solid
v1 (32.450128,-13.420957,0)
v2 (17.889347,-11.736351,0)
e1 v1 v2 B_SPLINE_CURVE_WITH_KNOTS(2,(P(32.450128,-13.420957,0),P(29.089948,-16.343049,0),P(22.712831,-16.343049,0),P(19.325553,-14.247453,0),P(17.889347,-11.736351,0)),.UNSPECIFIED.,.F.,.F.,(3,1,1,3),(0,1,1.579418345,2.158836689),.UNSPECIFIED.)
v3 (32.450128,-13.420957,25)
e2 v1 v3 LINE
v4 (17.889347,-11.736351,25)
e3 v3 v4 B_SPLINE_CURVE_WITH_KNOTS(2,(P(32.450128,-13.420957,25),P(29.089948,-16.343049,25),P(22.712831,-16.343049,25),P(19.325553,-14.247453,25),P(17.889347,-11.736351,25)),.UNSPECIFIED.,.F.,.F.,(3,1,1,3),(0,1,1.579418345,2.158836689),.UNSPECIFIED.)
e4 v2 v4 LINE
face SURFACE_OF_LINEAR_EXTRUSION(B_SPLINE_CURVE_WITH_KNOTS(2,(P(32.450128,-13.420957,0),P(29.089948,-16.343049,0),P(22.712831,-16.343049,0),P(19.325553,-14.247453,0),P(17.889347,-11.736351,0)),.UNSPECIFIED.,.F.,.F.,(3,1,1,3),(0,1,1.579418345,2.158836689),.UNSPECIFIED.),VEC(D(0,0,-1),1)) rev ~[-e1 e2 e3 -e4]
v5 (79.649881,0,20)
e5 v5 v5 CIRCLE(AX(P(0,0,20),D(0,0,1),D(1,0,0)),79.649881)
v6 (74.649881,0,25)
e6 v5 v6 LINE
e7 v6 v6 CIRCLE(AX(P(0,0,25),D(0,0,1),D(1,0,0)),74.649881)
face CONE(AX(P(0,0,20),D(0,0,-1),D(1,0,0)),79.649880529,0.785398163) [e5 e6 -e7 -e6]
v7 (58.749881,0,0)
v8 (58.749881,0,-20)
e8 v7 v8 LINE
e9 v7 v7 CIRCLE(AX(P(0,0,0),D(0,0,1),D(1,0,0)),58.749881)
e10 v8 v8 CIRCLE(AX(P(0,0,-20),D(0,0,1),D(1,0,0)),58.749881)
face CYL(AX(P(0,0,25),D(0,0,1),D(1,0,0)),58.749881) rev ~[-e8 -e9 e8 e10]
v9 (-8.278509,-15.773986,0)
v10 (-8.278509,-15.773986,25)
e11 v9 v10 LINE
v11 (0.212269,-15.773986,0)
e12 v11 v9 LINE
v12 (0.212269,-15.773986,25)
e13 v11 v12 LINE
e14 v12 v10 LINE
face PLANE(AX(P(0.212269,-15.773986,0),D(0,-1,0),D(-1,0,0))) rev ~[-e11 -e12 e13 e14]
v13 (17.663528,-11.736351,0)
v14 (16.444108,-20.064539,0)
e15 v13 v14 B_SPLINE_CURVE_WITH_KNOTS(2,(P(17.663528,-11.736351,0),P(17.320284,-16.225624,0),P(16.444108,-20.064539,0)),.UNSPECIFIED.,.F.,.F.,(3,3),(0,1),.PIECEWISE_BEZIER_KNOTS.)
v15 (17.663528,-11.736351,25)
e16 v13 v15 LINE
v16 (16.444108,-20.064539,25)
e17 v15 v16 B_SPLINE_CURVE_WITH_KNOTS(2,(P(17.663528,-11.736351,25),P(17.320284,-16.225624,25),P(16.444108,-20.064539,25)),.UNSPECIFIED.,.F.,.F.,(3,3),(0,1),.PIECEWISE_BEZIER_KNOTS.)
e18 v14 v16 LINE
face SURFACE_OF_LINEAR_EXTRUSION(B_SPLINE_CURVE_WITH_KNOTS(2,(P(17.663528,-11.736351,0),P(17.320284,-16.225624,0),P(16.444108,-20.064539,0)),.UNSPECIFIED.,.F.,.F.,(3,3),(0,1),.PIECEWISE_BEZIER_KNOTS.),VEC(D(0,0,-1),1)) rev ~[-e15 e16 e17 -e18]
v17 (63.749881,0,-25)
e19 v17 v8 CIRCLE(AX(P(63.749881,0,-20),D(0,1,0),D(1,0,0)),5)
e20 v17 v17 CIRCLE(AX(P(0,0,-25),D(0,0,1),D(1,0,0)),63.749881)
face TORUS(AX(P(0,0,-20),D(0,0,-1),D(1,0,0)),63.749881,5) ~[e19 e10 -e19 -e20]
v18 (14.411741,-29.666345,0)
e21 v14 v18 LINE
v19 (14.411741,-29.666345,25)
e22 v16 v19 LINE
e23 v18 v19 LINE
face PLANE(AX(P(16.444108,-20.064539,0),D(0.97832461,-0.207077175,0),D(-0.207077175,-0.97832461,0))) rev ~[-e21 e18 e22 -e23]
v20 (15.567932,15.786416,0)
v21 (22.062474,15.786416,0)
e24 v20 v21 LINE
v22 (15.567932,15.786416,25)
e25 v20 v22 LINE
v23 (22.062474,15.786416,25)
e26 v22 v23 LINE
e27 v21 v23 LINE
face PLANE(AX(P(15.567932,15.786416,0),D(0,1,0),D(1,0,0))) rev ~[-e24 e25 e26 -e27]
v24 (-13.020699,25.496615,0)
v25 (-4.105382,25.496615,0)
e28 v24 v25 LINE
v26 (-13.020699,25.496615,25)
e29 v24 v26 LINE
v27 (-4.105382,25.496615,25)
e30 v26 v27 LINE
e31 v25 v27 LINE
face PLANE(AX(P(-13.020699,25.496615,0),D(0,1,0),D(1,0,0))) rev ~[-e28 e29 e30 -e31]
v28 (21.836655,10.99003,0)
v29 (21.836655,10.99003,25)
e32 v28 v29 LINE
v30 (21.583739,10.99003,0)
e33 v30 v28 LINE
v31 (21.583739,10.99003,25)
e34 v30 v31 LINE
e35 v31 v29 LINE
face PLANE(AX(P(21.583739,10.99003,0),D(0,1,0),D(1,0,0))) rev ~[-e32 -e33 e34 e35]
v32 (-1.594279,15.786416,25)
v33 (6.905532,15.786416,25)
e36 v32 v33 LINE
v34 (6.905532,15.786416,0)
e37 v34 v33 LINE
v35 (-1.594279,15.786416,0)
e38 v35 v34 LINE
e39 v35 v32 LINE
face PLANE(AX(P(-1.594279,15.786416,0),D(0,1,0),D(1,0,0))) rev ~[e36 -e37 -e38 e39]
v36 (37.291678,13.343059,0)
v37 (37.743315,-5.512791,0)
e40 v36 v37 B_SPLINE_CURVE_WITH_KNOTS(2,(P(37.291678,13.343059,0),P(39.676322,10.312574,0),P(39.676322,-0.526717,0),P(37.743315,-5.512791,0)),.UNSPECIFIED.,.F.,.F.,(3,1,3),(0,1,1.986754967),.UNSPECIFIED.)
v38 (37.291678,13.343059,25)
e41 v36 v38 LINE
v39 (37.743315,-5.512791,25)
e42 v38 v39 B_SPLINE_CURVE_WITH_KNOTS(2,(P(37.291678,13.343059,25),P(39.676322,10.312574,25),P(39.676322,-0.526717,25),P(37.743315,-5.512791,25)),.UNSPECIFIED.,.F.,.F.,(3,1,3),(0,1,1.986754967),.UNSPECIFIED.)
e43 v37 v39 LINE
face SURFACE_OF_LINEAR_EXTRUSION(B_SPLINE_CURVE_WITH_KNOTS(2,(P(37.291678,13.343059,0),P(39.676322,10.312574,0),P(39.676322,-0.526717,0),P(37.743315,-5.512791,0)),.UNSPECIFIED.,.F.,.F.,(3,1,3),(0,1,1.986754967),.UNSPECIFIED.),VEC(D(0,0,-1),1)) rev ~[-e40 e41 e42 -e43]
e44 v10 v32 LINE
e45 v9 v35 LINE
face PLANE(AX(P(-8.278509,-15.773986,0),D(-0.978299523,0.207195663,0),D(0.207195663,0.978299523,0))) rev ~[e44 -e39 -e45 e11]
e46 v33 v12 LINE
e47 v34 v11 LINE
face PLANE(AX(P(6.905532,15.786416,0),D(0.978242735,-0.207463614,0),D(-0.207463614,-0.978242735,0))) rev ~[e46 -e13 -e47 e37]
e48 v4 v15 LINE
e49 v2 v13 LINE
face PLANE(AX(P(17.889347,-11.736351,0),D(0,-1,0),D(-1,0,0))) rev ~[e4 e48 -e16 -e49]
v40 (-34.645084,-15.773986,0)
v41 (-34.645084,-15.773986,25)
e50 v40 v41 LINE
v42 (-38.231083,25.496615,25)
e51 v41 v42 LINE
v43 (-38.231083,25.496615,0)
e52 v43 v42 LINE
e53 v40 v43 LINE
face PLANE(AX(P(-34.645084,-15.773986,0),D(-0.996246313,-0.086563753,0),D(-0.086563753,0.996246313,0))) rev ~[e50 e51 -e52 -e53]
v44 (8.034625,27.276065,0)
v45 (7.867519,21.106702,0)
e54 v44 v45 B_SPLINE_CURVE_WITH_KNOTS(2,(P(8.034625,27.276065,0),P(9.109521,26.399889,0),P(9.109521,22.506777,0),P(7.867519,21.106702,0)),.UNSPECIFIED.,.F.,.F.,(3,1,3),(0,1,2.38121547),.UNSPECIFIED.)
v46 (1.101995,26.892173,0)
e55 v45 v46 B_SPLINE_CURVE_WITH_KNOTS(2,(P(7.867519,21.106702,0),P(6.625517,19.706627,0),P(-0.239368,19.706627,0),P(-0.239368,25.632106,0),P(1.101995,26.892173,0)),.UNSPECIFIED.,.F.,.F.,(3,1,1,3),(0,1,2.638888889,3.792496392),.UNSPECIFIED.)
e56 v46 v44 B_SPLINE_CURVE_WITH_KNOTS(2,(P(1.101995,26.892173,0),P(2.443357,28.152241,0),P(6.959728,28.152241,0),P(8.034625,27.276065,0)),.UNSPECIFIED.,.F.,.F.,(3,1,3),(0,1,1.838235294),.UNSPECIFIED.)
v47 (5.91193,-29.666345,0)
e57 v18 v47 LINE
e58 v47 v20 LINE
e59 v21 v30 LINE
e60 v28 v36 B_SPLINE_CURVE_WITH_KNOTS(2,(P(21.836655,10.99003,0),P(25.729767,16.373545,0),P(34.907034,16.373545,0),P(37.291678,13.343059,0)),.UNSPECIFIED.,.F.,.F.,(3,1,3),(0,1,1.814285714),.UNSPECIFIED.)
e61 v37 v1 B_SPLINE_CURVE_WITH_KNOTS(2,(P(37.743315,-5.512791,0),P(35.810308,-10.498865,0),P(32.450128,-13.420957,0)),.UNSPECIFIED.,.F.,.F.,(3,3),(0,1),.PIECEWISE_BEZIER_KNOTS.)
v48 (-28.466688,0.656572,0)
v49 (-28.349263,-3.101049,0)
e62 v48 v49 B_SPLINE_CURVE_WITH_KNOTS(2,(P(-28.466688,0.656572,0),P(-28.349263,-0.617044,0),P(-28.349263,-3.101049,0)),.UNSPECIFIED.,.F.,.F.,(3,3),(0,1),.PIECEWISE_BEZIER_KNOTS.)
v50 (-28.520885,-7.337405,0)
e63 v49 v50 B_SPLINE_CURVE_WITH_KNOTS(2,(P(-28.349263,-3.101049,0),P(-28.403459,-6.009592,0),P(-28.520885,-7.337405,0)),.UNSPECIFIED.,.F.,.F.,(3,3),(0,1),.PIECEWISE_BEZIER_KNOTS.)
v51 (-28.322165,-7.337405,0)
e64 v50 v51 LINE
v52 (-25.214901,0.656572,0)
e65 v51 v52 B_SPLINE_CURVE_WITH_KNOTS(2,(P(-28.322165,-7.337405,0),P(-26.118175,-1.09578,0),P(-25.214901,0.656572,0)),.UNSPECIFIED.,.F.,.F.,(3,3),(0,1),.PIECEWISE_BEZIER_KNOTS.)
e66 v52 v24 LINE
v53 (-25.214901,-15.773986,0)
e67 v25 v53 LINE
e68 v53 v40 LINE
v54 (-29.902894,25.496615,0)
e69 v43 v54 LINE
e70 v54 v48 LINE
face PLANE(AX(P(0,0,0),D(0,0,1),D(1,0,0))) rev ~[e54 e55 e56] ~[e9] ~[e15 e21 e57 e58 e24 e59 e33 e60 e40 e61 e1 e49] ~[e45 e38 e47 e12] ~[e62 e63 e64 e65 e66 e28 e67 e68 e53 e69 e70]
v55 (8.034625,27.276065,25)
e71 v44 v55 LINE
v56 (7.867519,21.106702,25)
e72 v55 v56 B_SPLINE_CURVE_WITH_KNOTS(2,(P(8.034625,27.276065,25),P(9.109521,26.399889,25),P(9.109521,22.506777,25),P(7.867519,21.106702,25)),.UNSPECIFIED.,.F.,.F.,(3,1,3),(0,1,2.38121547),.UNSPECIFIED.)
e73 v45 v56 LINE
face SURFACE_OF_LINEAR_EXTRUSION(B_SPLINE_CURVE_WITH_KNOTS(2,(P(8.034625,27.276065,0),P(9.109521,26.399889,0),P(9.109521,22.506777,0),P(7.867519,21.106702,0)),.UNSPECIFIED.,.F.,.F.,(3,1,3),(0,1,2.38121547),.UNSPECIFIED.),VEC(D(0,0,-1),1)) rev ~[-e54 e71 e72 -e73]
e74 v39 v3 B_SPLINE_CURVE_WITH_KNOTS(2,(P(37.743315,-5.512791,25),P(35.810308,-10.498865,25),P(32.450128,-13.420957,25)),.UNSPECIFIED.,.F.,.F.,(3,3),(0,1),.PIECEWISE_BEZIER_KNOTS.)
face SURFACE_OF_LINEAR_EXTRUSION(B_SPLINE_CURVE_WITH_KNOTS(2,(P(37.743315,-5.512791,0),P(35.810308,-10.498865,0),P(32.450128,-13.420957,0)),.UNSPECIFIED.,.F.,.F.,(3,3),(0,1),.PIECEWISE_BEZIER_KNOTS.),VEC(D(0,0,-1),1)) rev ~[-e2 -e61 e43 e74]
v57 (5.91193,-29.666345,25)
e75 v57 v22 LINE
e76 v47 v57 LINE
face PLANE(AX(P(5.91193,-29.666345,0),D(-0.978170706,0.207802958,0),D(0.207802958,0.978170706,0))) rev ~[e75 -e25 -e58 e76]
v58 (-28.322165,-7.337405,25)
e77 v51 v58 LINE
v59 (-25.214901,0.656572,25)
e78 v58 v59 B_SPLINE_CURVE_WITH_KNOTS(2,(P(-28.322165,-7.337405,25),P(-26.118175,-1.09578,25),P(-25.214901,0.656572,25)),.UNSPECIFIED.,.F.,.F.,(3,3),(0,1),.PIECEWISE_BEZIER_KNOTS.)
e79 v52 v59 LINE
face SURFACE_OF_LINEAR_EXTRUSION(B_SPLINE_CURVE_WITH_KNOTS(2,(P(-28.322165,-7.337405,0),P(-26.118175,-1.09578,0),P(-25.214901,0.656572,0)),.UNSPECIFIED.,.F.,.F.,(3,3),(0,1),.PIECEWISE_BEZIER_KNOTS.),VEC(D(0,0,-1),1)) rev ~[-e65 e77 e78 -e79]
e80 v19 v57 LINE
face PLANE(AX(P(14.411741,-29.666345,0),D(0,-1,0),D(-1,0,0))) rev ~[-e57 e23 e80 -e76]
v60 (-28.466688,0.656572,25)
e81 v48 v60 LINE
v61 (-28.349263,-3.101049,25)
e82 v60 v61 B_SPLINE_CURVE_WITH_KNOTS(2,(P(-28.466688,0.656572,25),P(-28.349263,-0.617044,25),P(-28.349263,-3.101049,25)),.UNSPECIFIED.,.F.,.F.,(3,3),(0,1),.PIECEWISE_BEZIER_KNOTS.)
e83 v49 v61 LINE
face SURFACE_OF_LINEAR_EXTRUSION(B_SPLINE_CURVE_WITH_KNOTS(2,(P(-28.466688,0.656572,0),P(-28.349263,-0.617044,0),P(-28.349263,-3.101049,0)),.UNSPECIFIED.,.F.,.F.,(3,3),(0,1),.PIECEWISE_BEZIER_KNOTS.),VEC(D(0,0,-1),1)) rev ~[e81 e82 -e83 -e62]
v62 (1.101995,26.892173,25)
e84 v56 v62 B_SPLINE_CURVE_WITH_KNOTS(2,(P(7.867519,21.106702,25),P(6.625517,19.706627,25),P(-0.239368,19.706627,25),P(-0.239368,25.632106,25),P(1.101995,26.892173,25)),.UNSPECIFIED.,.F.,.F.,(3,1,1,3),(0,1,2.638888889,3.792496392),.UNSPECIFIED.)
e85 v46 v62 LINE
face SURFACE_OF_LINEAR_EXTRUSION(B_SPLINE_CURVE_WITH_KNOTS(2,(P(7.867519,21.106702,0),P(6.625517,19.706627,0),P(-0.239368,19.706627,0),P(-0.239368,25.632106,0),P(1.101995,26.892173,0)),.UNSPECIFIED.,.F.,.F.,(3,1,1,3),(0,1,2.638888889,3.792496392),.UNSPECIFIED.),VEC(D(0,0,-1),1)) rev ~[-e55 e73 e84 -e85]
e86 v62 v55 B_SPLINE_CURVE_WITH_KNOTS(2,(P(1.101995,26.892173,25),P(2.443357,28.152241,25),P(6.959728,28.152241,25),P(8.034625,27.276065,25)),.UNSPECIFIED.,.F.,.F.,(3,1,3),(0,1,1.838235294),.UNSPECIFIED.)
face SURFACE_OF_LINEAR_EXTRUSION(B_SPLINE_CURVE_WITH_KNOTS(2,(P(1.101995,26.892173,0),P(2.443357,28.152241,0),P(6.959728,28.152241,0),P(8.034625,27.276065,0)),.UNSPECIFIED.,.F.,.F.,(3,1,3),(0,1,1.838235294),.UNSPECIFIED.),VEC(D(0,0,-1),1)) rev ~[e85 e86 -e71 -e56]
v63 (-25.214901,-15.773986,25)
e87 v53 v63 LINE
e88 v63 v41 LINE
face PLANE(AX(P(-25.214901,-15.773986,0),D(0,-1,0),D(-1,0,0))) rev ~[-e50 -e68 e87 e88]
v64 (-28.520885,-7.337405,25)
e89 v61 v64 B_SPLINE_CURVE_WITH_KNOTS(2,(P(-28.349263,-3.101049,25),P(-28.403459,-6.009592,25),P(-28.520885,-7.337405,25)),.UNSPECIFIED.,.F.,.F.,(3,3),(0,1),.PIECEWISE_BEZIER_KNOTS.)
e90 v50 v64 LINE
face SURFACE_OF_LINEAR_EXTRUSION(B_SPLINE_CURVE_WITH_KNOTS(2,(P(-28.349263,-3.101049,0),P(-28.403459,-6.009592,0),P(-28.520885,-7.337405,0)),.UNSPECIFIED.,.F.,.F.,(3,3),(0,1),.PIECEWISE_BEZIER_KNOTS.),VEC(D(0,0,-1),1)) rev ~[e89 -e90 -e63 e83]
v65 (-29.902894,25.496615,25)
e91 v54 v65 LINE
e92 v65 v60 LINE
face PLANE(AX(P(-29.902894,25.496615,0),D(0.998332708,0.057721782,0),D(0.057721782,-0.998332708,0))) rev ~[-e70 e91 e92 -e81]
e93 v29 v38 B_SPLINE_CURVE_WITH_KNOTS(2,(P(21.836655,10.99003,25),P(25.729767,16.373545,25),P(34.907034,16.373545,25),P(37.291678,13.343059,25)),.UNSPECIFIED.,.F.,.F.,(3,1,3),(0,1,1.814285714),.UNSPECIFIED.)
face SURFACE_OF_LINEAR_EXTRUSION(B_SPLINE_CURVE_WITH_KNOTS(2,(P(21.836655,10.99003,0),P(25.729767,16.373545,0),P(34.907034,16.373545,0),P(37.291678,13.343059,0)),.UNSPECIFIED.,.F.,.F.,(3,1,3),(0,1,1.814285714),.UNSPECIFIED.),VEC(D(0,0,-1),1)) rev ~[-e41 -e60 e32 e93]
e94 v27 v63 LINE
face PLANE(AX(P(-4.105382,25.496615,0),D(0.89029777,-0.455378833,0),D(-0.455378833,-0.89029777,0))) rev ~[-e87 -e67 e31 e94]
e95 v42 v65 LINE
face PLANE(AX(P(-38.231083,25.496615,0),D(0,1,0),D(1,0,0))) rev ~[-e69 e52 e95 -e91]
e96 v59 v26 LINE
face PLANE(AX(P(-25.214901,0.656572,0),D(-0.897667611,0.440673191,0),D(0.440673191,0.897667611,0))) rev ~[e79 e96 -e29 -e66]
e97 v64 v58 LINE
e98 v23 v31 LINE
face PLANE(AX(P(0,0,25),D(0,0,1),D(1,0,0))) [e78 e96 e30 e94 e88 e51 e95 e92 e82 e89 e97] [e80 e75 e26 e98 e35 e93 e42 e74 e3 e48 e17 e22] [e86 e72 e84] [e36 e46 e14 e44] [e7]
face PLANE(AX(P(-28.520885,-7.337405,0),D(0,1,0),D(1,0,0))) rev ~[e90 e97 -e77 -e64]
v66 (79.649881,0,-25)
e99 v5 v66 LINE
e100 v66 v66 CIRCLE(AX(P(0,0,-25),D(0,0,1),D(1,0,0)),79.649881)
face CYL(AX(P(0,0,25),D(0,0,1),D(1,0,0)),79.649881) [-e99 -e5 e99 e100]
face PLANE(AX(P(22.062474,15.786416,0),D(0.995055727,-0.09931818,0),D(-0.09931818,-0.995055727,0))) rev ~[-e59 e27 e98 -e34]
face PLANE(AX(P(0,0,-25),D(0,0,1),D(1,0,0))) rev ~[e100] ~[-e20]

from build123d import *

# Parameters (mm, degrees)
F1_DEPTH = 25
F2_R     = 79.6498805285
F2_R_2   = 58.7498805617
F3_DEPTH = 50
F4_SIZE  = 5
F5_R     = 5


with BuildPart() as f1:
    # F0 (on Top) → F1 (new body)
    with BuildSketch(Plane.XY):
        with BuildLine():
            ThreePointArc((-58.7498805617, 0), (0, -58.7498805617), (58.7498805617, 0))
            ThreePointArc((58.7498805617, 0), (0, 58.7498805617), (-58.7498805617, 0))
        make_face()
        with BuildLine():
            Line((-28.5208848633, -7.3374048471), (-28.3221645254, -7.3374048471))
            add(Edge.make_bspline(
                [(-28.3221645254, -7.3374048471), (-26.118175323, -1.0957796878), (-25.2149010597, 0.656572383)],
                knots=[0, 0, 0, 1, 1, 1], degree=2))
            Line((-25.2149010597, 0.656572383), (-13.0206985053, 25.4966146234))
            Line((-13.0206985053, 25.4966146234), (-4.1053815266, 25.4966146234))
            Line((-4.1053815266, 25.4966146234), (-25.2149010597, -15.7739864662))
            Line((-25.2149010597, -15.7739864662), (-34.6450843684, -15.7739864662))
            Line((-34.6450843684, -15.7739864662), (-38.2310831936, 25.4966146234))
            Line((-38.2310831936, 25.4966146234), (-29.9028944861, 25.4966146234))
            Line((-29.9028944861, 25.4966146234), (-28.4666884075, 0.656572383))
            add(Edge.make_bspline(
                [(-28.4666884075, 0.656572383), (-28.3492627533, -0.6170443283), (-28.3492627533, -3.1010485523)],
                knots=[0, 0, 0, 1, 1, 1], degree=2))
            add(Edge.make_bspline(
                [(-28.3492627533, -3.1010485523), (-28.4034592091, -6.0095916801), (-28.5208848633, -7.3374048471)],
                knots=[0, 0, 0, 1, 1, 1], degree=2))
        make_face(mode=Mode.SUBTRACT)
        Polygon((6.9055317428, 15.786416293), (0.2122694519, -15.7739864662), (-8.278508623, -15.7739864662), (-1.5942790747, 15.786416293), align=None, mode=Mode.SUBTRACT)
        with BuildLine():
            add(Edge.make_bspline(
                [(21.836655315, 10.990029955), (25.7297673897, 16.3735445642), (30.7881032642, 16.3735445642)],
                knots=[0, 0, 0, 1, 1, 1], degree=2))
            add(Edge.make_bspline(
                [(30.7881032642, 16.3735445642), (34.9070339048, 16.3735445642), (37.2916779598, 13.3430594108)],
                knots=[0, 0, 0, 1, 1, 1], degree=2))
            add(Edge.make_bspline(
                [(37.2916779598, 13.3430594108), (39.6763220149, 10.3125742575), (39.6763220149, 4.8567977073)],
                knots=[0, 0, 0, 1, 1, 1], degree=2))
            add(Edge.make_bspline(
                [(39.6763220149, 4.8567977073), (39.6763220149, -0.5267169019), (37.7433150915, -5.5127908353)],
                knots=[0, 0, 0, 1, 1, 1], degree=2))
            add(Edge.make_bspline(
                [(37.7433150915, -5.5127908353), (35.810308168, -10.4988647686), (32.4501279086, -13.4209570104)],
                knots=[0, 0, 0, 1, 1, 1], degree=2))
            add(Edge.make_bspline(
                [(32.4501279086, -13.4209570104), (29.0899476492, -16.3430492521), (25.0523116923, -16.3430492521)],
                knots=[0, 0, 0, 1, 1, 1], degree=2))
            add(Edge.make_bspline(
                [(25.0523116923, -16.3430492521), (22.7128313504, -16.3430492521), (21.0191921067, -15.2952511067)],
                knots=[0, 0, 0, 1, 1, 1], degree=2))
            add(Edge.make_bspline(
                [(21.0191921067, -15.2952511067), (19.325552863, -14.2474529613), (17.8893467844, -11.7363505093)],
                knots=[0, 0, 0, 1, 1, 1], degree=2))
            Line((17.8893467844, -11.7363505093), (17.6635282186, -11.7363505093))
            add(Edge.make_bspline(
                [(17.6635282186, -11.7363505093), (17.3202839985, -16.2256235979), (16.4441079632, -20.0645392168)],
                knots=[0, 0, 0, 1, 1, 1], degree=2))
            Line((16.4441079632, -20.0645392168), (14.4117408708, -29.6663446356))
            Line((14.4117408708, -29.6663446356), (5.9119300532, -29.6663446356))
            Line((5.9119300532, -29.6663446356), (15.5679319278, 15.786416293))
            Line((15.5679319278, 15.786416293), (22.0624738808, 15.786416293))
            Line((22.0624738808, 15.786416293), (21.5837385213, 10.990029955))
            Line((21.5837385213, 10.990029955), (21.836655315, 10.990029955))
        make_face(mode=Mode.SUBTRACT)
        with BuildLine():
            add(Edge.make_bspline(
                [(4.0240868429, 19.7066265957), (-0.2393676798, 19.7066265957), (-0.2393676798, 23.1842325094)],
                knots=[0, 0, 0, 1, 1, 1], degree=2))
            add(Edge.make_bspline(
                [(-0.2393676798, 23.1842325094), (-0.2393676798, 25.6321057629), (1.1019946012, 26.8921733602)],
                knots=[0, 0, 0, 1, 1, 1], degree=2))
            add(Edge.make_bspline(
                [(1.1019946012, 26.8921733602), (2.4433568822, 28.1522409574), (4.9002628783, 28.1522409574)],
                knots=[0, 0, 0, 1, 1, 1], degree=2))
            add(Edge.make_bspline(
                [(4.9002628783, 28.1522409574), (6.9597281986, 28.1522409574), (8.0346245719, 27.2760649221)],
                knots=[0, 0, 0, 1, 1, 1], degree=2))
            add(Edge.make_bspline(
                [(8.0346245719, 27.2760649221), (9.1095209453, 26.3998888867), (9.1095209453, 24.7649624701)],
                knots=[0, 0, 0, 1, 1, 1], degree=2))
            add(Edge.make_bspline(
                [(9.1095209453, 24.7649624701), (9.1095209453, 22.5067768119), (7.8675188332, 21.1067017038)],
                knots=[0, 0, 0, 1, 1, 1], degree=2))
            add(Edge.make_bspline(
                [(7.8675188332, 21.1067017038), (6.6255167212, 19.7066265957), (4.0240868429, 19.7066265957)],
                knots=[0, 0, 0, 1, 1, 1], degree=2))
        make_face(mode=Mode.SUBTRACT)
    extrude(amount=F1_DEPTH)

    # F2 (on face) → F3 (join)
    with BuildSketch(Plane.XY.offset(25)):
        Circle(F2_R)
        Circle(F2_R_2, mode=Mode.SUBTRACT)
    extrude(amount=-F3_DEPTH)

    # F4
    f4_edges = [f1.edges().sort_by_distance(p)[0] for p in [
        (-79.649881, 0, 25),
    ]]
    chamfer(f4_edges, length=F4_SIZE)

    # F5
    f5_edges = [f1.edges().sort_by_distance(p)[0] for p in [
        (-58.749881, 0, -25),
    ]]
    fillet(f5_edges, radius=F5_R)


solid = f1.part
